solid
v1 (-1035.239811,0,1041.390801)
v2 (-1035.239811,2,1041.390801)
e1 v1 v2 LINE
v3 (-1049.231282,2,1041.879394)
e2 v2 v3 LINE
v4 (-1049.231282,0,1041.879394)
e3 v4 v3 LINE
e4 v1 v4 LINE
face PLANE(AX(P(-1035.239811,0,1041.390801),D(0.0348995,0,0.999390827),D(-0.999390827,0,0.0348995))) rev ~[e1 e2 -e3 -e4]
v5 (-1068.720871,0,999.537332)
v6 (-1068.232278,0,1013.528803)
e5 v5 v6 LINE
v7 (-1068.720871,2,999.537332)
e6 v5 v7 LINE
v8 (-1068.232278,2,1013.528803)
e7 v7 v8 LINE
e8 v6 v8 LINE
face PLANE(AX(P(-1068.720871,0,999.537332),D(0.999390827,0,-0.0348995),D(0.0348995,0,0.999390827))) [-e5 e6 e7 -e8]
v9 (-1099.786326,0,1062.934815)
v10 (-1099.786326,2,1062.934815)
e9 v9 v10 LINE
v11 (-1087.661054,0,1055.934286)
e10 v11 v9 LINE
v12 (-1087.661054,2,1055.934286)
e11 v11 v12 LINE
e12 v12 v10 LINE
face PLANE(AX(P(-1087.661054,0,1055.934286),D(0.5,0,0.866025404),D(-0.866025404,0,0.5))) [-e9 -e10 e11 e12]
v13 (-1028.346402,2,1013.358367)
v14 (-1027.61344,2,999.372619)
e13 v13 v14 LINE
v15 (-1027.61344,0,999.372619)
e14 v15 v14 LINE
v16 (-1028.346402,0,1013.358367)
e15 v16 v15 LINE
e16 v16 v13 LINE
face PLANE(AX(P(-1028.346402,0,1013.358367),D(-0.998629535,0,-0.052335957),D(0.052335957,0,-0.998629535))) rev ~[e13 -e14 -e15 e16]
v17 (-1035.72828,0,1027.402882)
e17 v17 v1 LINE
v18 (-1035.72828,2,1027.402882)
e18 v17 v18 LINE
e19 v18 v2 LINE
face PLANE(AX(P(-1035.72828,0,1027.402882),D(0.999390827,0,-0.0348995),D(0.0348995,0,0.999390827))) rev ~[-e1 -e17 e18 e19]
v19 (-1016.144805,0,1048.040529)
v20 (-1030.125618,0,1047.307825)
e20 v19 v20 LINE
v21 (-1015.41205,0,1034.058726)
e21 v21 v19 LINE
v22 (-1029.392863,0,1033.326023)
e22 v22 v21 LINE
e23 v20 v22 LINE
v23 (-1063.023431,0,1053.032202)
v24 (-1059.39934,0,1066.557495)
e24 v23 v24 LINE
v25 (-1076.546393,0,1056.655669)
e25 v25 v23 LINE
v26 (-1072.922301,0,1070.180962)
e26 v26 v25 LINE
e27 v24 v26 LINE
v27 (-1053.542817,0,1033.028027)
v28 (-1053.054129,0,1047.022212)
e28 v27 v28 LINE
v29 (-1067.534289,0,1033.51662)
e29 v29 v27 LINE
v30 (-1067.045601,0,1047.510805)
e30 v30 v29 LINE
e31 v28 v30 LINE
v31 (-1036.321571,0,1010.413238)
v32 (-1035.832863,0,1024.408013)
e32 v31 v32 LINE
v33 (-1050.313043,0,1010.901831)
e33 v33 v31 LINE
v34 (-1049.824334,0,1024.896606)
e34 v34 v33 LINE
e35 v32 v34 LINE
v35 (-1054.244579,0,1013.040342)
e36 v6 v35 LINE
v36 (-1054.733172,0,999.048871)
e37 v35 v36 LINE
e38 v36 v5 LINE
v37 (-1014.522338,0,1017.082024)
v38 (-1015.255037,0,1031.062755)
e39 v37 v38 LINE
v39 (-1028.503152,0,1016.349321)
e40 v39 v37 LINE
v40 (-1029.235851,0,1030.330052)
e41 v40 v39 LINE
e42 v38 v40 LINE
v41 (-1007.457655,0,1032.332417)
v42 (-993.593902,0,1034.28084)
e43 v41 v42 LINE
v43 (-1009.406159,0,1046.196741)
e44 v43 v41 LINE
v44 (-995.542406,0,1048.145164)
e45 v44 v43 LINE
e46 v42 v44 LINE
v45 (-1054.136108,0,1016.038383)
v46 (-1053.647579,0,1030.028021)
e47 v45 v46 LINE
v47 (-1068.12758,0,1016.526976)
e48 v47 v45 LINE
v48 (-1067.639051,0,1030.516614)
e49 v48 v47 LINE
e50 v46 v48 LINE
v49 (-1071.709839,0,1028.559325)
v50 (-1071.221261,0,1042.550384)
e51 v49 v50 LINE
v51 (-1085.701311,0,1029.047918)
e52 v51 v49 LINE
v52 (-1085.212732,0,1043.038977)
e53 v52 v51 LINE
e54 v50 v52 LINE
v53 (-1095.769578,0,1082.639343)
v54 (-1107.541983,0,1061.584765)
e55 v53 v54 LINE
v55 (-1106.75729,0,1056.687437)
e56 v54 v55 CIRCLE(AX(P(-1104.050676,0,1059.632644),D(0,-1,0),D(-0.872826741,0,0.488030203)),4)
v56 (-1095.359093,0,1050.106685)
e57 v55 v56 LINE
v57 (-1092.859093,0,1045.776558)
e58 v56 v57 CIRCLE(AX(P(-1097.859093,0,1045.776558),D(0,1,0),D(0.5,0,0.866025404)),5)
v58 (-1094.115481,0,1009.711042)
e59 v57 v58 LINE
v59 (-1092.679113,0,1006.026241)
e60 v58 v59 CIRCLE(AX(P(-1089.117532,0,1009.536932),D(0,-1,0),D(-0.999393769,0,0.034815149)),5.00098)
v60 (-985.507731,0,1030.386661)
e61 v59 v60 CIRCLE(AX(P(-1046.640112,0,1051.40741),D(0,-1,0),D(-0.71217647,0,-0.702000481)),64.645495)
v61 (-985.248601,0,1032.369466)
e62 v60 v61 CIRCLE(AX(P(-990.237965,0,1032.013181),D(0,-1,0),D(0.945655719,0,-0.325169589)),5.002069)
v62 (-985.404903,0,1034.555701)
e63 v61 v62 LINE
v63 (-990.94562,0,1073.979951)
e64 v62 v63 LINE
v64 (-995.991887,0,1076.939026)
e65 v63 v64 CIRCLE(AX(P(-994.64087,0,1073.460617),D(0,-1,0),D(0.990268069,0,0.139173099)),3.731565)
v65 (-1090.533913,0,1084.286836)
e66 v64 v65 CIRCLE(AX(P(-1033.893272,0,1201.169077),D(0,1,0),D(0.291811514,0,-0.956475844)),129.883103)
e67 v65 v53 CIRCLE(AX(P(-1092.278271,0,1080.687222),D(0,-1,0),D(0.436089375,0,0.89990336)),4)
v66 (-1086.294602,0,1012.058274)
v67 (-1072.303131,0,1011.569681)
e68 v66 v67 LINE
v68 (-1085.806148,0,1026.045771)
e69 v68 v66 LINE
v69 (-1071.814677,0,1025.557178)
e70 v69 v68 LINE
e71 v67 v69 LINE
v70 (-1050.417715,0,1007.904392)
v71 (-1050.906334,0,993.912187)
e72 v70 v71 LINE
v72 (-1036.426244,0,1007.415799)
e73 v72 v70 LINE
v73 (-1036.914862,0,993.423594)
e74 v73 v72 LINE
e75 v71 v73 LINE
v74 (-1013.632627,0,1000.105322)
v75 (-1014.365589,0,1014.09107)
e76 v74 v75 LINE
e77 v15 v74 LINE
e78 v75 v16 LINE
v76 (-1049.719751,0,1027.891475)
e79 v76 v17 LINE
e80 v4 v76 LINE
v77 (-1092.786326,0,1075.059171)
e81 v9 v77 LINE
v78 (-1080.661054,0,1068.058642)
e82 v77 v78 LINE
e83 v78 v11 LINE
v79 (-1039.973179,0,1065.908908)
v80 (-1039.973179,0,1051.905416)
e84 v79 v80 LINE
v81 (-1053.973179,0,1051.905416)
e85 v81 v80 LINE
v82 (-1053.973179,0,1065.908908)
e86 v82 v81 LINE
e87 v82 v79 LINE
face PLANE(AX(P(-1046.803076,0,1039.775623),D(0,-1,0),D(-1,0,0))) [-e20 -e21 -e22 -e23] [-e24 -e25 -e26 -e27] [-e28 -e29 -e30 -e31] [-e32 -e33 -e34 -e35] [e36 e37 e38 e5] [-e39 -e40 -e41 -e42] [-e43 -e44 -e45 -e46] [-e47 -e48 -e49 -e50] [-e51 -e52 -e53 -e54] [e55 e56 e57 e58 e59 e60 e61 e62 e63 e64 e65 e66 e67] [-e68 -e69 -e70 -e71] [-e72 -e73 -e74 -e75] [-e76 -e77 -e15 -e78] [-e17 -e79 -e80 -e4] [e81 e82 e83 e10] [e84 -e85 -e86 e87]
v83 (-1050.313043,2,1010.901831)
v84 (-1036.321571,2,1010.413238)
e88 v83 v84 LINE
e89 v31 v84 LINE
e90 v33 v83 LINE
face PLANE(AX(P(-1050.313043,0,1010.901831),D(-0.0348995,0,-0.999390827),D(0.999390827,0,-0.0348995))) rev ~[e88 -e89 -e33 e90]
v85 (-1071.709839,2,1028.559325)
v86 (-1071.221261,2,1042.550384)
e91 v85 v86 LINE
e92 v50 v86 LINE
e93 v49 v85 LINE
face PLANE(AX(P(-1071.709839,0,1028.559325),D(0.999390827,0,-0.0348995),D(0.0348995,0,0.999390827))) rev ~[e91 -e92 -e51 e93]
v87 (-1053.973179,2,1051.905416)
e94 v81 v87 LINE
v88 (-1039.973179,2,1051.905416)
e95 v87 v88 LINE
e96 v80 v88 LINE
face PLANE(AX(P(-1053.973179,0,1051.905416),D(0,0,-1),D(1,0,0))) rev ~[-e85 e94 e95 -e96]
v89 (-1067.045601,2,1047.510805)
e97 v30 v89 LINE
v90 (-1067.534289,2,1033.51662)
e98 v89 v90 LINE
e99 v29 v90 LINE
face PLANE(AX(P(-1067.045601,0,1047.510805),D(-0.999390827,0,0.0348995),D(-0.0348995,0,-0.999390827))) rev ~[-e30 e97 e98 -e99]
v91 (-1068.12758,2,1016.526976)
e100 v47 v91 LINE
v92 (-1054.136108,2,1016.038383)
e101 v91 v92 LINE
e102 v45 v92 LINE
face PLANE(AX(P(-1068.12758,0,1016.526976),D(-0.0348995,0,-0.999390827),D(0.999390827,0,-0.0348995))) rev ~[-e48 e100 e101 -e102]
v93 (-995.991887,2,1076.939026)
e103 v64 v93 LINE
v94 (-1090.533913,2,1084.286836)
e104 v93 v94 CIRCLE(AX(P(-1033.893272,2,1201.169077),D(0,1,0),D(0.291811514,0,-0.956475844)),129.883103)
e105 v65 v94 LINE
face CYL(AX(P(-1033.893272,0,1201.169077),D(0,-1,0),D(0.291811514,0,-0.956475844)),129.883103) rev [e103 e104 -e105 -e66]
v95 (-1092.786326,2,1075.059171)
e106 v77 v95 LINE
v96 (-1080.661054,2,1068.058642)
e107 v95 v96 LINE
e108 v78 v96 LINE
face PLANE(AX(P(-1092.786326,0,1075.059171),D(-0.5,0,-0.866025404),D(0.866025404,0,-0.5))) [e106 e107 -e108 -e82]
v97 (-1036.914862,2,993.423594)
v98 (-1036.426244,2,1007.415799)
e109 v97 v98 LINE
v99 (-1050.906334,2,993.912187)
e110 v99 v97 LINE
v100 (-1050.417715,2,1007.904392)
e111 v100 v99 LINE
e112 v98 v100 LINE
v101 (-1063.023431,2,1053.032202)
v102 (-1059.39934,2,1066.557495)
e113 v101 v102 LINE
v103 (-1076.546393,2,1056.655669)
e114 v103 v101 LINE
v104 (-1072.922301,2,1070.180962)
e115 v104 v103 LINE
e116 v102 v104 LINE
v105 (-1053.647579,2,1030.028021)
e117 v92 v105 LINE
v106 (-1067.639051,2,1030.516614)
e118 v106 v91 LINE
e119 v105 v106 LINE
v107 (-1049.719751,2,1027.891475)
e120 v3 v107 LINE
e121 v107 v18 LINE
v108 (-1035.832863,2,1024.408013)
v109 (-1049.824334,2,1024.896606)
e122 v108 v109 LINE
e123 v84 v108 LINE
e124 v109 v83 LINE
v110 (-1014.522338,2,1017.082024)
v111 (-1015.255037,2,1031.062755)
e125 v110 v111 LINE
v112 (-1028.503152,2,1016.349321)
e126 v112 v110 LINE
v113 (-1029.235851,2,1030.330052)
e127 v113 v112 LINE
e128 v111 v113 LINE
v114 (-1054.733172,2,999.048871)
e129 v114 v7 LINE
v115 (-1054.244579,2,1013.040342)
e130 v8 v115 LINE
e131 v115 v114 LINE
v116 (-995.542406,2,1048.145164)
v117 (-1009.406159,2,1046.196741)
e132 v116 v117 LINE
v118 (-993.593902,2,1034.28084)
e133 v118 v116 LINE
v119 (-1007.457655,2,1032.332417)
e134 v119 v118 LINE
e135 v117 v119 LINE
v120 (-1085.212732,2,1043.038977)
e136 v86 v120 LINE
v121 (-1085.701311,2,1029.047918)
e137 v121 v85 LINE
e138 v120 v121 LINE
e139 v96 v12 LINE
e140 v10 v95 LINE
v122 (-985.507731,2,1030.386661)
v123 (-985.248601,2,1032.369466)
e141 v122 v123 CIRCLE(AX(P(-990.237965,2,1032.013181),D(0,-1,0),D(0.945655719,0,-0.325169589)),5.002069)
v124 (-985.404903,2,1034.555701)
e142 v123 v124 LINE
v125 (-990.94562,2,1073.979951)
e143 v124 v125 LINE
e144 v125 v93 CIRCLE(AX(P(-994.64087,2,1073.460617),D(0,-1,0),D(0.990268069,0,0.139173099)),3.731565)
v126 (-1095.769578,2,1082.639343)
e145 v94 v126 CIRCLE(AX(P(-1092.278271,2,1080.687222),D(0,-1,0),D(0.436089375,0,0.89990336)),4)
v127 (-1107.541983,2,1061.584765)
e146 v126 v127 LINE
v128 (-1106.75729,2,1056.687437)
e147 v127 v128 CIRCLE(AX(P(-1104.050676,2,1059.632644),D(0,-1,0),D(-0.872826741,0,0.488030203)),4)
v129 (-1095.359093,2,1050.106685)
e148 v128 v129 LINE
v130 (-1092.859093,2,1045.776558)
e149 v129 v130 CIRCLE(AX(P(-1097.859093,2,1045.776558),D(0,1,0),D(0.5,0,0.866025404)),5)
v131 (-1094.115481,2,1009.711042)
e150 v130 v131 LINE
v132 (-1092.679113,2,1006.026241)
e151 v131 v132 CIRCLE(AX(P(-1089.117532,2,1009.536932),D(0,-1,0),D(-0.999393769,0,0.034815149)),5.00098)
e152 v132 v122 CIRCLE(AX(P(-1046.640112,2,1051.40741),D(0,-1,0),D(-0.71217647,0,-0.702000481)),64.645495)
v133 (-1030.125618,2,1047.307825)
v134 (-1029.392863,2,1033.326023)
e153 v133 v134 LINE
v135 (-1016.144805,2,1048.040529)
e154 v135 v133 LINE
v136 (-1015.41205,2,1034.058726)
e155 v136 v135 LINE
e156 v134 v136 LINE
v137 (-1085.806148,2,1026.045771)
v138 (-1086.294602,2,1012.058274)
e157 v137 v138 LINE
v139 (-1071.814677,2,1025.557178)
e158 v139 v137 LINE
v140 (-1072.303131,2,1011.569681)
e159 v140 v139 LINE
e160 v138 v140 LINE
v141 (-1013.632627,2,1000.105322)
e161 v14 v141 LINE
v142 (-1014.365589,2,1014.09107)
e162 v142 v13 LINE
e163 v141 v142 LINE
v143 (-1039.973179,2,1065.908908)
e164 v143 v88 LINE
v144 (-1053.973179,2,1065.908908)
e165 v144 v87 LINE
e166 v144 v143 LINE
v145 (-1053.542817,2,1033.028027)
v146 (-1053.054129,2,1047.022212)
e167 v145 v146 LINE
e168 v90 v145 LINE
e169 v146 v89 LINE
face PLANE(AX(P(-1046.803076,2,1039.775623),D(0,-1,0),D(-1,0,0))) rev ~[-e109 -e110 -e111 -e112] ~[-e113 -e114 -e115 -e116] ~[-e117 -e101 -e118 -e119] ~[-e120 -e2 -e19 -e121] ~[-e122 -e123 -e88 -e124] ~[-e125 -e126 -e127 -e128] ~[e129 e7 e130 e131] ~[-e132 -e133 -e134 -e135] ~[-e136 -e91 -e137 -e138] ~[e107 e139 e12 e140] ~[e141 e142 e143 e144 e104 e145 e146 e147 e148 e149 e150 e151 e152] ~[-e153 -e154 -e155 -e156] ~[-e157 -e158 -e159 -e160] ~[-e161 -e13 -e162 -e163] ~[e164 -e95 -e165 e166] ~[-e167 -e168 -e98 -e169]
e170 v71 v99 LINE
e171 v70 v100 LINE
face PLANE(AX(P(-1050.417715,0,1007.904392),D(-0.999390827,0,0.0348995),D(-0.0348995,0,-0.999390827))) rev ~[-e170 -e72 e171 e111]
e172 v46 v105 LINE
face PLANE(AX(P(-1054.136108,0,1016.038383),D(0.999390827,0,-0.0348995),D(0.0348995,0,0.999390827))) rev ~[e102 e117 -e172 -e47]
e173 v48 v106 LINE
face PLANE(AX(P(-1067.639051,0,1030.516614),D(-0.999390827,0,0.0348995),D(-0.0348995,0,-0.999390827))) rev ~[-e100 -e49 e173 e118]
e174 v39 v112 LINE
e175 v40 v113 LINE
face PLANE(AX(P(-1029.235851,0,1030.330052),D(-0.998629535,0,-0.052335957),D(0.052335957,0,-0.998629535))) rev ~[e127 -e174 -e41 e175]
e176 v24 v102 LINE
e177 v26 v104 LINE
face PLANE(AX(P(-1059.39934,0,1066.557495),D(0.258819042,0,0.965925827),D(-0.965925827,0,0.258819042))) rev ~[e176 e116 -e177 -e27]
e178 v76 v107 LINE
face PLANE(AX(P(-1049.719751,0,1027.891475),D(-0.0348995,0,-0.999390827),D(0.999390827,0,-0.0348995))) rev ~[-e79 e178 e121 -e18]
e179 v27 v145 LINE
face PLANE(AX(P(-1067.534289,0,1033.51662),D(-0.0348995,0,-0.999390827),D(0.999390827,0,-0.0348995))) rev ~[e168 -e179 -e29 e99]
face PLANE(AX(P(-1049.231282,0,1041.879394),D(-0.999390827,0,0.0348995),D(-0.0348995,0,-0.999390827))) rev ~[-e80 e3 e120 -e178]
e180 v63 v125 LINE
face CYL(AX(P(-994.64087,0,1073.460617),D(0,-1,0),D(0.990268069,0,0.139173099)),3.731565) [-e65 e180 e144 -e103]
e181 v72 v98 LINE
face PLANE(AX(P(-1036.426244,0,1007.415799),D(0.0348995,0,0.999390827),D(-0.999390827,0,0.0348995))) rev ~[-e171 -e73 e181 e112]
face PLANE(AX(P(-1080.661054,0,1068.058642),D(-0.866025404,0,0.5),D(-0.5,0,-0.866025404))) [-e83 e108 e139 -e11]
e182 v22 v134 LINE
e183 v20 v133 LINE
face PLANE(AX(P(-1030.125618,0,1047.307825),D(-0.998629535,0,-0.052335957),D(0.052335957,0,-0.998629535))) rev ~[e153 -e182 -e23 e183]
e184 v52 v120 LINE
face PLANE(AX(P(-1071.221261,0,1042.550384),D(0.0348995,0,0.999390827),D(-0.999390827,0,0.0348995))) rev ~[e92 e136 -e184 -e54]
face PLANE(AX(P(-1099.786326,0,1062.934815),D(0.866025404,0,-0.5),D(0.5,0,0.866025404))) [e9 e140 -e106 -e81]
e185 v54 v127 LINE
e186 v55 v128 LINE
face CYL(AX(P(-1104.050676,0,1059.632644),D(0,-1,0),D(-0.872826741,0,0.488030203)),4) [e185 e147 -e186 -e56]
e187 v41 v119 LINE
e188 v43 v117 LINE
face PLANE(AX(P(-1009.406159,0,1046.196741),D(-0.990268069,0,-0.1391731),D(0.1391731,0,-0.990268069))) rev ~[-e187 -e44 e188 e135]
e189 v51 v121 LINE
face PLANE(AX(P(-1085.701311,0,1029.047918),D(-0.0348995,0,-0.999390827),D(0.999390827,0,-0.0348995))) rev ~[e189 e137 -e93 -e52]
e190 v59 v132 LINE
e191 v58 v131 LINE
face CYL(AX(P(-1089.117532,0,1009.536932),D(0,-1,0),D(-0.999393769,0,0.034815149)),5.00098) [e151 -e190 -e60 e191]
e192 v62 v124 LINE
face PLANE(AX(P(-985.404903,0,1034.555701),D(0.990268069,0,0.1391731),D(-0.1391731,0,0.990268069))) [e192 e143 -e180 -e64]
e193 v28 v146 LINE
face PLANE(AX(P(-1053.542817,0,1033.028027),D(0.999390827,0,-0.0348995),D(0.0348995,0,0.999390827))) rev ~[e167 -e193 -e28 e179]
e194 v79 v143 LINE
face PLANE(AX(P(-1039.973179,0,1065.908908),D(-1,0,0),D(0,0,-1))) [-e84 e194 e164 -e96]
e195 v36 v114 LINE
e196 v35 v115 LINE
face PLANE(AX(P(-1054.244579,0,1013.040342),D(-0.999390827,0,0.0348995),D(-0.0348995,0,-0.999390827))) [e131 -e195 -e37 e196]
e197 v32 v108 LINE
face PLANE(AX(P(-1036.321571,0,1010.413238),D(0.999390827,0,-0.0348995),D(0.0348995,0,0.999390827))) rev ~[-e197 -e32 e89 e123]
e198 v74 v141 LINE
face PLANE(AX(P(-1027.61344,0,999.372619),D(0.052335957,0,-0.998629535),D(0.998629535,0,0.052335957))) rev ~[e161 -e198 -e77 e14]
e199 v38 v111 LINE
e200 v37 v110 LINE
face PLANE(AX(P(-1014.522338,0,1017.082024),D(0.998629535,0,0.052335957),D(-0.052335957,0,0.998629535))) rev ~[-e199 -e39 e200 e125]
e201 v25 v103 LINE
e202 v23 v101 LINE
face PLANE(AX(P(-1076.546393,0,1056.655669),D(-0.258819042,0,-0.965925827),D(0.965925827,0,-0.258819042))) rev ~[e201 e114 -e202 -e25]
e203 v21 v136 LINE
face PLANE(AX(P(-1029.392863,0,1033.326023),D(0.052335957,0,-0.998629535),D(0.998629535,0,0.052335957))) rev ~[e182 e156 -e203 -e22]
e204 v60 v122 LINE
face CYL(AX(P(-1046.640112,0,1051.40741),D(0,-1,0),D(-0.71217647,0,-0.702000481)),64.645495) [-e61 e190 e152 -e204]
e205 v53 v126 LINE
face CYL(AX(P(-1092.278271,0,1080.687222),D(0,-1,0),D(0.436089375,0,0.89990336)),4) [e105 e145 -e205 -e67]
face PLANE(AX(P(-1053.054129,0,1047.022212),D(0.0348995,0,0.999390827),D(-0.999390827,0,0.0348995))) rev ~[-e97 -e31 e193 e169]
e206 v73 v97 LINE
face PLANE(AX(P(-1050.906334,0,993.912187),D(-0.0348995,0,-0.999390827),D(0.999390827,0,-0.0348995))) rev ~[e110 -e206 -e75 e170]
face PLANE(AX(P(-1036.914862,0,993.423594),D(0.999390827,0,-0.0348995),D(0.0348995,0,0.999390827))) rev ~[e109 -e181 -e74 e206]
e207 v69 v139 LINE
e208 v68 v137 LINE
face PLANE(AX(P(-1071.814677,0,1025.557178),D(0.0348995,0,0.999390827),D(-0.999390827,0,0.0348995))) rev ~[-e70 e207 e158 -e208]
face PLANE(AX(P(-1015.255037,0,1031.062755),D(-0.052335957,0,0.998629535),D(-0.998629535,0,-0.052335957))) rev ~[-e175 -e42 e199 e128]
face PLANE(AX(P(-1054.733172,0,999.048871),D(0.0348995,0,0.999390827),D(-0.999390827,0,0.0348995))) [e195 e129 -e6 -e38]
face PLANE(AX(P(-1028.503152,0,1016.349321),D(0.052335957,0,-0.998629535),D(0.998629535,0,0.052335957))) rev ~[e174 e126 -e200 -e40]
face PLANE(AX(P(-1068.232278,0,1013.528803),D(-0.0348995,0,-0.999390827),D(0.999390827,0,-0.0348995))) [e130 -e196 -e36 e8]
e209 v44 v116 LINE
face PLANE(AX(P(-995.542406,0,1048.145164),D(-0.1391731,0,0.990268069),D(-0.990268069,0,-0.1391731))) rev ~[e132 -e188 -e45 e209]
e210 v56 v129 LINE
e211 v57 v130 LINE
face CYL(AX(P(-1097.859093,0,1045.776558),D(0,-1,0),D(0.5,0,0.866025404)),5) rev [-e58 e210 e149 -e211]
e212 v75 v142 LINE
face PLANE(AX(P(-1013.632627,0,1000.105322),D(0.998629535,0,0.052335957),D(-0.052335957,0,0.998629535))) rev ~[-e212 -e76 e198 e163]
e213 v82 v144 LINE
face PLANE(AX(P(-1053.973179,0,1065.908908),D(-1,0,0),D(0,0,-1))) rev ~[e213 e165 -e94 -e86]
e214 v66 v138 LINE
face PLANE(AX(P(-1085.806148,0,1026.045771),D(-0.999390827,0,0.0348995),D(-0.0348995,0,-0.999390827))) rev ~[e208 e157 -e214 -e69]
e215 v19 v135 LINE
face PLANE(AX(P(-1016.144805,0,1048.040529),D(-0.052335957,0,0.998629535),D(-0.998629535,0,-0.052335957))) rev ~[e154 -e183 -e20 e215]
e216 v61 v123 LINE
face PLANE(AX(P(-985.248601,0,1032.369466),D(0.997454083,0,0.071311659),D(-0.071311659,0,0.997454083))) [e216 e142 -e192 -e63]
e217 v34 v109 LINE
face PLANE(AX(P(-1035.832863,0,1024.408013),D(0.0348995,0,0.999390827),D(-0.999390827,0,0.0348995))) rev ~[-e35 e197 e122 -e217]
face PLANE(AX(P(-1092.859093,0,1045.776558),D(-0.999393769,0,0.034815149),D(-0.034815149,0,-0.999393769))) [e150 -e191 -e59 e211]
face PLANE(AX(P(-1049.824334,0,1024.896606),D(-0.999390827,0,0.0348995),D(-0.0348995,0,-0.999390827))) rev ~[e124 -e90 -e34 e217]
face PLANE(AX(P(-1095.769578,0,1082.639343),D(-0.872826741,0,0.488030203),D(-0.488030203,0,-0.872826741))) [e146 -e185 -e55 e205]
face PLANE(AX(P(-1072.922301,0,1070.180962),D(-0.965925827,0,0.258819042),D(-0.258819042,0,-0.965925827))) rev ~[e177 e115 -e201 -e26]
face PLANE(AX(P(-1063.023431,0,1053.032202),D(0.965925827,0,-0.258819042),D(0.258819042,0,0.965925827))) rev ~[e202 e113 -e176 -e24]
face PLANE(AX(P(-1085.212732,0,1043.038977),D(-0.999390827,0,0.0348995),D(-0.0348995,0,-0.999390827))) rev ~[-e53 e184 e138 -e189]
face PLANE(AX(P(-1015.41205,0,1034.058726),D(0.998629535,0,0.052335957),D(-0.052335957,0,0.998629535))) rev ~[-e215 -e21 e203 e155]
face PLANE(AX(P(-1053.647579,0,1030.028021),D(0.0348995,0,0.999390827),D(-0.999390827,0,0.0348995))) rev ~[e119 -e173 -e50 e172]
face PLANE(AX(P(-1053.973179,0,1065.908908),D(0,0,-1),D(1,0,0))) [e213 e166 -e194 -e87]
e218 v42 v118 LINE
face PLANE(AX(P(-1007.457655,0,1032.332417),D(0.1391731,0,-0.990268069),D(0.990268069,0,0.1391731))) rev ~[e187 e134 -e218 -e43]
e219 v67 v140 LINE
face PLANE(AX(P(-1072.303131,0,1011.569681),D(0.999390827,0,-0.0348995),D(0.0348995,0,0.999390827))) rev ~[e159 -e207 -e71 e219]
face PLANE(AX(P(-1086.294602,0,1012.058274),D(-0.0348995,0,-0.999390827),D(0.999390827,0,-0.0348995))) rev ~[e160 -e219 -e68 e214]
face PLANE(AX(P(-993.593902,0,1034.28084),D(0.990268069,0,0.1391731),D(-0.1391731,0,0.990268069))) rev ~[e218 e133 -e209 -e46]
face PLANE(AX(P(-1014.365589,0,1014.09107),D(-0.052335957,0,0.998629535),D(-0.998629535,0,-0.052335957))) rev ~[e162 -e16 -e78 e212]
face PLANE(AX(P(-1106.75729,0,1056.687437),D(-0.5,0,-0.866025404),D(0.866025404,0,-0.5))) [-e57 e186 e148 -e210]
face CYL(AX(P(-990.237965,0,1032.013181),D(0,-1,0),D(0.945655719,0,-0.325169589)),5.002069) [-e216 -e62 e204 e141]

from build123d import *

# Parameters (mm, degrees)
SKETCH2_W           = 14
SKETCH2_H           = 14.003492138
BOSS_EXTRUDE1_DEPTH = 2


with BuildPart() as part:
    # Sketch2 → Boss-Extrude1 (new body)
    with BuildSketch(Plane(origin=(0, 0, 0), x_dir=(1, 0, 0), z_dir=(0, 1, 0))):
        with BuildLine():
            Line((-1095.769577908, -1082.63934327), (-1107.541983277, -1061.584764794))
            ThreePointArc((-1107.541983277, -1061.584764794), (-1108.000297721, -1058.999800443), (-1106.757289889, -1056.687437072))
            Line((-1106.757289889, -1056.687437072), (-1095.359092699, -1050.106684856))
            ThreePointArc((-1095.359092699, -1050.106684856), (-1093.52896568, -1048.276557838), (-1092.859092699, -1045.776557838))
            Line((-1092.859092699, -1045.776557838), (-1094.115480669, -1009.711041726))
            ThreePointArc((-1094.115480669, -1009.711041726), (-1093.777019534, -1007.720622139), (-1092.679112618, -1006.026241285))
            ThreePointArc((-1092.679112618, -1006.026241285), (-1032.311467942, -988.369881675), (-985.507730543, -1030.38666075))
            ThreePointArc((-985.507730543, -1030.38666075), (-985.278073332, -1031.364982485), (-985.24860148, -1032.369466065))
            Line((-985.24860148, -1032.369466065), (-985.404903488, -1034.555701493))
            Line((-985.404903488, -1034.555701493), (-990.945620353, -1073.979950898))
            ThreePointArc((-990.945620353, -1073.979950898), (-992.753308552, -1076.67957505), (-995.991887306, -1076.939026078))
            ThreePointArc((-995.991887306, -1076.939026078), (-1043.957441778, -1071.676478665), (-1090.53391343, -1084.286835898))
            ThreePointArc((-1090.53391343, -1084.286835898), (-1093.478902478, -1084.502780598), (-1095.769577908, -1082.63934327))
        make_face()
        Polygon((-1086.294602377, -1012.058273794), (-1072.303130777, -1011.569680794), (-1071.814676576, -1025.557177729), (-1085.806148176, -1026.045770729), align=None, mode=Mode.SUBTRACT)
        Polygon((-1068.720871477, -999.537331894), (-1068.232278477, -1013.528803494), (-1054.244579364, -1013.040342232), (-1054.733172364, -999.048870632), align=None, mode=Mode.SUBTRACT)
        Polygon((-1050.906333977, -993.912186894), (-1036.914862377, -993.423593894), (-1036.426243752, -1007.415799297), (-1050.417715352, -1007.904392297), align=None, mode=Mode.SUBTRACT)
        Polygon((-1027.613440377, -999.372618594), (-1013.632626977, -1000.105321994), (-1014.36558899, -1014.091070024), (-1028.34640239, -1013.358366624), align=None, mode=Mode.SUBTRACT)
        Polygon((-1028.503151677, -1016.349320694), (-1014.522338277, -1017.082024094), (-1015.25503736, -1031.062755126), (-1029.23585076, -1030.330051726), align=None, mode=Mode.SUBTRACT)
        Polygon((-1029.392862977, -1033.326022794), (-1015.412049577, -1034.058726194), (-1016.144804819, -1048.04052879), (-1030.125618219, -1047.30782539), align=None, mode=Mode.SUBTRACT)
        Polygon((-1007.457654877, -1032.332416694), (-993.593901877, -1034.280840094), (-995.542405578, -1048.145164464), (-1009.406158578, -1046.196741064), align=None, mode=Mode.SUBTRACT)
        Polygon((-1050.313042577, -1010.901830994), (-1036.321570977, -1010.413237994), (-1035.832862611, -1024.408013247), (-1049.824334211, -1024.896606247), align=None, mode=Mode.SUBTRACT)
        Polygon((-1068.127580077, -1016.526975994), (-1054.136108477, -1016.038382994), (-1053.647579498, -1030.028021263), (-1067.639051098, -1030.516614263), align=None, mode=Mode.SUBTRACT)
        Polygon((-1067.534288677, -1033.516620094), (-1053.542817077, -1033.028027094), (-1053.054129332, -1047.022211839), (-1067.045600932, -1047.510804839), align=None, mode=Mode.SUBTRACT)
        Polygon((-1085.701310977, -1029.047917894), (-1071.709839377, -1028.559324894), (-1071.22126078, -1042.550384043), (-1085.21273238, -1043.038977043), align=None, mode=Mode.SUBTRACT)
        Polygon((-1049.719751177, -1027.891475094), (-1035.728279577, -1027.402882094), (-1035.239810651, -1041.390800691), (-1049.231282251, -1041.879393691), align=None, mode=Mode.SUBTRACT)
        with Locations((-1046.973178577, -1058.907162363)):
            Rectangle(SKETCH2_W, SKETCH2_H, mode=Mode.SUBTRACT)
        Polygon((-1076.546392677, -1056.655668794), (-1063.023431077, -1053.032202194), (-1059.399339813, -1066.557495071), (-1072.922301413, -1070.180961671), align=None, mode=Mode.SUBTRACT)
        Polygon((-1099.786325567, -1062.934815358), (-1092.78632559, -1075.059170971), (-1080.661053874, -1068.058642082), (-1087.661053851, -1055.934286468), align=None, mode=Mode.SUBTRACT)
    extrude(amount=BOSS_EXTRUDE1_DEPTH)


solid = part.part
